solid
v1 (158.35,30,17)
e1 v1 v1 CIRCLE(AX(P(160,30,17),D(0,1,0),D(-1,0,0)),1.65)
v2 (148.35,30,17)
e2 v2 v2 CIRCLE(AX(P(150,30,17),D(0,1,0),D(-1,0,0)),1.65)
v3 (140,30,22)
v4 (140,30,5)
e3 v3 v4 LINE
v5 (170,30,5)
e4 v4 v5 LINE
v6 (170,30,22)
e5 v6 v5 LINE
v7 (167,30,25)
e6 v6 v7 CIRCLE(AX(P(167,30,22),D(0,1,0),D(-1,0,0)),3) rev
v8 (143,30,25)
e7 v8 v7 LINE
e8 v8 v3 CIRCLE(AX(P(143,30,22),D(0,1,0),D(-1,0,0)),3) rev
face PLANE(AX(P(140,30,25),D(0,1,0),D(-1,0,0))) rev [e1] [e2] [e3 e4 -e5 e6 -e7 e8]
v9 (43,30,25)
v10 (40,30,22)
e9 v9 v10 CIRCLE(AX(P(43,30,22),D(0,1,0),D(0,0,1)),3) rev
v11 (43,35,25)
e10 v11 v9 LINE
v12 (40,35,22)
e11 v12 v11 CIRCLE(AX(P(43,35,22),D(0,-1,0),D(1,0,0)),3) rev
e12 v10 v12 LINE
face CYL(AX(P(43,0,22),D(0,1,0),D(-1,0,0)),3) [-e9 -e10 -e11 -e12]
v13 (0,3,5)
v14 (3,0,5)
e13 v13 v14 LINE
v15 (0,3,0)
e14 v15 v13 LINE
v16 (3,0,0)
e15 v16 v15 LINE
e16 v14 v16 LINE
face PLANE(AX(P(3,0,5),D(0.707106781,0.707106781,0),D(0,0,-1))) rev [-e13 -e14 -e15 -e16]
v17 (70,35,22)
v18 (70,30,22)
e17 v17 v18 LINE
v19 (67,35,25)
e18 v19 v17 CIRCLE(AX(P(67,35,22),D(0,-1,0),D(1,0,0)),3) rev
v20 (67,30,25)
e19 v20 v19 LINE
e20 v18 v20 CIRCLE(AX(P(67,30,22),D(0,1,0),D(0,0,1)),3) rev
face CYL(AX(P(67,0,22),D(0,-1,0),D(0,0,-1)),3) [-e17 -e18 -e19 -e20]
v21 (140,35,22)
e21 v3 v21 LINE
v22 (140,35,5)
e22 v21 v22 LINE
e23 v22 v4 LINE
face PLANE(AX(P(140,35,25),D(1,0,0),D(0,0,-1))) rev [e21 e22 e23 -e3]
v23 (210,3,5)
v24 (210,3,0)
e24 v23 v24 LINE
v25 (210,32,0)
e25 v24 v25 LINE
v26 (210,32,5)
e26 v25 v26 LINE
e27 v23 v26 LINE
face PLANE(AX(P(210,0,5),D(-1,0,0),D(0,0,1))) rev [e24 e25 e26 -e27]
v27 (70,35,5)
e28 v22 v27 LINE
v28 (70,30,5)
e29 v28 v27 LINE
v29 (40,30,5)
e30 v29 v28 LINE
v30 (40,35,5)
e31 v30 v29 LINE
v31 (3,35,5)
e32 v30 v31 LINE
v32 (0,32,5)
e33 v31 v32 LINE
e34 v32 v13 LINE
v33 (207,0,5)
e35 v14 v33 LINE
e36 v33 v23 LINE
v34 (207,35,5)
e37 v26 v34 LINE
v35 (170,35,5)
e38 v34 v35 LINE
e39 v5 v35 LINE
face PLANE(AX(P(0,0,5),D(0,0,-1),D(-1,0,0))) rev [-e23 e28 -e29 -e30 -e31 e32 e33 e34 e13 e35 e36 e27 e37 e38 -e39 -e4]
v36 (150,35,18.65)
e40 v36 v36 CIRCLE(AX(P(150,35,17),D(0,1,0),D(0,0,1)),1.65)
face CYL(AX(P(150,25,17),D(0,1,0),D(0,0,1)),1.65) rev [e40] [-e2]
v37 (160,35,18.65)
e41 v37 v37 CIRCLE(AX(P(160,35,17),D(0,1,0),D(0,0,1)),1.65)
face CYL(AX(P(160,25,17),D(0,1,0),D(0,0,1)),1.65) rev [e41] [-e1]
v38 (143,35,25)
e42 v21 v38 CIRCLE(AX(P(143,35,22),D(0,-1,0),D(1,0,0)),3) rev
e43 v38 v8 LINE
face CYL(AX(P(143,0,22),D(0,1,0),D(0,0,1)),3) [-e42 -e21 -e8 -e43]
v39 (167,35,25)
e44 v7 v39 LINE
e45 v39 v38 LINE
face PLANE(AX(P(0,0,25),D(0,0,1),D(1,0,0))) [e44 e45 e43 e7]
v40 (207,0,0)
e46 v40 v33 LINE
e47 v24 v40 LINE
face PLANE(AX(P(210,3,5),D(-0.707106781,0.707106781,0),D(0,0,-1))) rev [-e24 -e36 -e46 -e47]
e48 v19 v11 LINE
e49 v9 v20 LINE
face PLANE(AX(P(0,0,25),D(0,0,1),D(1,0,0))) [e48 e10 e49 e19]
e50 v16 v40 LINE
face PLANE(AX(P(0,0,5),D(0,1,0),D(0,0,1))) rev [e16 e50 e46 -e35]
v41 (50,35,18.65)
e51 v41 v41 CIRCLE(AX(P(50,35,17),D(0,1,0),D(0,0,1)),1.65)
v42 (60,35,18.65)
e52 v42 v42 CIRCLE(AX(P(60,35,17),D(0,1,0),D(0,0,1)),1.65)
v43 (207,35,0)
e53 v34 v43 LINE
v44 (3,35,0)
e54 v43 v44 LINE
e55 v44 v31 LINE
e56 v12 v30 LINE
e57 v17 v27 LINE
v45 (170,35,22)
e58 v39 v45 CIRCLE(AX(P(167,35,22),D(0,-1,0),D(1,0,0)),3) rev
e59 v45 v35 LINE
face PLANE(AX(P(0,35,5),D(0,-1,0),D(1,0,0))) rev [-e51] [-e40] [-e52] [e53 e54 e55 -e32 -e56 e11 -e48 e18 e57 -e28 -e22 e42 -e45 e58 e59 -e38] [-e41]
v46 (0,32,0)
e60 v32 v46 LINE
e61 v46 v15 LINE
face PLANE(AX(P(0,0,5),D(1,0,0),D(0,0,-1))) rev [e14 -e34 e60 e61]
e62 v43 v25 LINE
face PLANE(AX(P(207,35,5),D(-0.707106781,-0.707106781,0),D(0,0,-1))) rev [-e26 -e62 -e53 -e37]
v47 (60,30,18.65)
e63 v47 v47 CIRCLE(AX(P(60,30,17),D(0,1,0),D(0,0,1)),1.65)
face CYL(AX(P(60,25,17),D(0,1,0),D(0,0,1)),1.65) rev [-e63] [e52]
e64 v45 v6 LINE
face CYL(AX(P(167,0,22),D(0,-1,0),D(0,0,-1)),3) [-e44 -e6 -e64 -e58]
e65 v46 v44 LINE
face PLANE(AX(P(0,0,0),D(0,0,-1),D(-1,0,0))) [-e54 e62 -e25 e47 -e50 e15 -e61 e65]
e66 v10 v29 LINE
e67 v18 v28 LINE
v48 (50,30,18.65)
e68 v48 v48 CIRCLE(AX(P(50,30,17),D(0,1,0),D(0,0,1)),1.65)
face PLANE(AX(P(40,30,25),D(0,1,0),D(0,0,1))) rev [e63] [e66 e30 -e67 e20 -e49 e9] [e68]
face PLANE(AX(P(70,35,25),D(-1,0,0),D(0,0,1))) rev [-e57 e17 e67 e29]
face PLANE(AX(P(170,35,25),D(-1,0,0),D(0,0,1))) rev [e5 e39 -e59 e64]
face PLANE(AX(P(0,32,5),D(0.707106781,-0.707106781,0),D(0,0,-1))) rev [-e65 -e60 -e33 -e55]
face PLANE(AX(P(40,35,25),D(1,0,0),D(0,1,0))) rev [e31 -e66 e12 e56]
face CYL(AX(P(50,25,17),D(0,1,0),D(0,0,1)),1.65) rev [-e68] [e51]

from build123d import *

# Parameters (mm, degrees)
SKETCH_1_W          = 210
SKETCH_1_H          = 35
EXTRUDE_1_DEPTH     = 5
SKETCH_2_W          = 30
SKETCH_2_H          = 5
EXTRUDE_2_DEPTH     = 20
SKETCH_3_R          = 1.65
CUT_EXTRUDE_1_DEPTH = 10
FILLET_1_R          = 3
CHAMFER_1_SIZE      = 3


with BuildPart() as part:
    # 草图1 → 凸台-拉伸1 (new body)
    with BuildSketch(Plane.XY):
        with Locations((105, 17.5)):
            Rectangle(SKETCH_1_W, SKETCH_1_H)
    extrude(amount=EXTRUDE_1_DEPTH)

    # 草图2 → 凸台-拉伸2 (add)
    with BuildSketch(Plane.XY.offset(5)):
        with Locations((55, 32.5)):
            Rectangle(SKETCH_2_W, SKETCH_2_H)
        with Locations((155, 32.5)):
            Rectangle(SKETCH_2_W, SKETCH_2_H)
    extrude(amount=EXTRUDE_2_DEPTH)

    # 草图3 → 切除-拉伸1 (cut)
    with BuildSketch(Plane(origin=(0, 35, 0), x_dir=(1, 0, 0), z_dir=(0, 1, 0))):
        with Locations(Location((160, -17, 0), (0, 0, 270))):
            Circle(SKETCH_3_R)
        with Locations(Location((150, -17, 0), (0, 0, 270))):
            Circle(SKETCH_3_R)
        with Locations(Location((60, -17, 0), (0, 0, 270))):
            Circle(SKETCH_3_R)
        with Locations(Location((50, -17, 0), (0, 0, 270))):
            Circle(SKETCH_3_R)
    extrude(amount=-CUT_EXTRUDE_1_DEPTH, mode=Mode.SUBTRACT)

    # 圆角1
    fillet_1_edges = [part.edges().sort_by_distance(p)[0] for p in [
        (40, 32.5, 25),
        (70, 32.5, 25),
        (140, 32.5, 25),
        (170, 32.5, 25),
    ]]
    fillet(fillet_1_edges, radius=FILLET_1_R)

    # 倒角1
    chamfer_1_edges = [part.edges().sort_by_distance(p)[0] for p in [
        (0, 35, 2.5),
        (210, 35, 2.5),
        (210, 0, 2.5),
        (0, 0, 2.5),
    ]]
    chamfer(chamfer_1_edges, length=CHAMFER_1_SIZE)


solid = part.part
